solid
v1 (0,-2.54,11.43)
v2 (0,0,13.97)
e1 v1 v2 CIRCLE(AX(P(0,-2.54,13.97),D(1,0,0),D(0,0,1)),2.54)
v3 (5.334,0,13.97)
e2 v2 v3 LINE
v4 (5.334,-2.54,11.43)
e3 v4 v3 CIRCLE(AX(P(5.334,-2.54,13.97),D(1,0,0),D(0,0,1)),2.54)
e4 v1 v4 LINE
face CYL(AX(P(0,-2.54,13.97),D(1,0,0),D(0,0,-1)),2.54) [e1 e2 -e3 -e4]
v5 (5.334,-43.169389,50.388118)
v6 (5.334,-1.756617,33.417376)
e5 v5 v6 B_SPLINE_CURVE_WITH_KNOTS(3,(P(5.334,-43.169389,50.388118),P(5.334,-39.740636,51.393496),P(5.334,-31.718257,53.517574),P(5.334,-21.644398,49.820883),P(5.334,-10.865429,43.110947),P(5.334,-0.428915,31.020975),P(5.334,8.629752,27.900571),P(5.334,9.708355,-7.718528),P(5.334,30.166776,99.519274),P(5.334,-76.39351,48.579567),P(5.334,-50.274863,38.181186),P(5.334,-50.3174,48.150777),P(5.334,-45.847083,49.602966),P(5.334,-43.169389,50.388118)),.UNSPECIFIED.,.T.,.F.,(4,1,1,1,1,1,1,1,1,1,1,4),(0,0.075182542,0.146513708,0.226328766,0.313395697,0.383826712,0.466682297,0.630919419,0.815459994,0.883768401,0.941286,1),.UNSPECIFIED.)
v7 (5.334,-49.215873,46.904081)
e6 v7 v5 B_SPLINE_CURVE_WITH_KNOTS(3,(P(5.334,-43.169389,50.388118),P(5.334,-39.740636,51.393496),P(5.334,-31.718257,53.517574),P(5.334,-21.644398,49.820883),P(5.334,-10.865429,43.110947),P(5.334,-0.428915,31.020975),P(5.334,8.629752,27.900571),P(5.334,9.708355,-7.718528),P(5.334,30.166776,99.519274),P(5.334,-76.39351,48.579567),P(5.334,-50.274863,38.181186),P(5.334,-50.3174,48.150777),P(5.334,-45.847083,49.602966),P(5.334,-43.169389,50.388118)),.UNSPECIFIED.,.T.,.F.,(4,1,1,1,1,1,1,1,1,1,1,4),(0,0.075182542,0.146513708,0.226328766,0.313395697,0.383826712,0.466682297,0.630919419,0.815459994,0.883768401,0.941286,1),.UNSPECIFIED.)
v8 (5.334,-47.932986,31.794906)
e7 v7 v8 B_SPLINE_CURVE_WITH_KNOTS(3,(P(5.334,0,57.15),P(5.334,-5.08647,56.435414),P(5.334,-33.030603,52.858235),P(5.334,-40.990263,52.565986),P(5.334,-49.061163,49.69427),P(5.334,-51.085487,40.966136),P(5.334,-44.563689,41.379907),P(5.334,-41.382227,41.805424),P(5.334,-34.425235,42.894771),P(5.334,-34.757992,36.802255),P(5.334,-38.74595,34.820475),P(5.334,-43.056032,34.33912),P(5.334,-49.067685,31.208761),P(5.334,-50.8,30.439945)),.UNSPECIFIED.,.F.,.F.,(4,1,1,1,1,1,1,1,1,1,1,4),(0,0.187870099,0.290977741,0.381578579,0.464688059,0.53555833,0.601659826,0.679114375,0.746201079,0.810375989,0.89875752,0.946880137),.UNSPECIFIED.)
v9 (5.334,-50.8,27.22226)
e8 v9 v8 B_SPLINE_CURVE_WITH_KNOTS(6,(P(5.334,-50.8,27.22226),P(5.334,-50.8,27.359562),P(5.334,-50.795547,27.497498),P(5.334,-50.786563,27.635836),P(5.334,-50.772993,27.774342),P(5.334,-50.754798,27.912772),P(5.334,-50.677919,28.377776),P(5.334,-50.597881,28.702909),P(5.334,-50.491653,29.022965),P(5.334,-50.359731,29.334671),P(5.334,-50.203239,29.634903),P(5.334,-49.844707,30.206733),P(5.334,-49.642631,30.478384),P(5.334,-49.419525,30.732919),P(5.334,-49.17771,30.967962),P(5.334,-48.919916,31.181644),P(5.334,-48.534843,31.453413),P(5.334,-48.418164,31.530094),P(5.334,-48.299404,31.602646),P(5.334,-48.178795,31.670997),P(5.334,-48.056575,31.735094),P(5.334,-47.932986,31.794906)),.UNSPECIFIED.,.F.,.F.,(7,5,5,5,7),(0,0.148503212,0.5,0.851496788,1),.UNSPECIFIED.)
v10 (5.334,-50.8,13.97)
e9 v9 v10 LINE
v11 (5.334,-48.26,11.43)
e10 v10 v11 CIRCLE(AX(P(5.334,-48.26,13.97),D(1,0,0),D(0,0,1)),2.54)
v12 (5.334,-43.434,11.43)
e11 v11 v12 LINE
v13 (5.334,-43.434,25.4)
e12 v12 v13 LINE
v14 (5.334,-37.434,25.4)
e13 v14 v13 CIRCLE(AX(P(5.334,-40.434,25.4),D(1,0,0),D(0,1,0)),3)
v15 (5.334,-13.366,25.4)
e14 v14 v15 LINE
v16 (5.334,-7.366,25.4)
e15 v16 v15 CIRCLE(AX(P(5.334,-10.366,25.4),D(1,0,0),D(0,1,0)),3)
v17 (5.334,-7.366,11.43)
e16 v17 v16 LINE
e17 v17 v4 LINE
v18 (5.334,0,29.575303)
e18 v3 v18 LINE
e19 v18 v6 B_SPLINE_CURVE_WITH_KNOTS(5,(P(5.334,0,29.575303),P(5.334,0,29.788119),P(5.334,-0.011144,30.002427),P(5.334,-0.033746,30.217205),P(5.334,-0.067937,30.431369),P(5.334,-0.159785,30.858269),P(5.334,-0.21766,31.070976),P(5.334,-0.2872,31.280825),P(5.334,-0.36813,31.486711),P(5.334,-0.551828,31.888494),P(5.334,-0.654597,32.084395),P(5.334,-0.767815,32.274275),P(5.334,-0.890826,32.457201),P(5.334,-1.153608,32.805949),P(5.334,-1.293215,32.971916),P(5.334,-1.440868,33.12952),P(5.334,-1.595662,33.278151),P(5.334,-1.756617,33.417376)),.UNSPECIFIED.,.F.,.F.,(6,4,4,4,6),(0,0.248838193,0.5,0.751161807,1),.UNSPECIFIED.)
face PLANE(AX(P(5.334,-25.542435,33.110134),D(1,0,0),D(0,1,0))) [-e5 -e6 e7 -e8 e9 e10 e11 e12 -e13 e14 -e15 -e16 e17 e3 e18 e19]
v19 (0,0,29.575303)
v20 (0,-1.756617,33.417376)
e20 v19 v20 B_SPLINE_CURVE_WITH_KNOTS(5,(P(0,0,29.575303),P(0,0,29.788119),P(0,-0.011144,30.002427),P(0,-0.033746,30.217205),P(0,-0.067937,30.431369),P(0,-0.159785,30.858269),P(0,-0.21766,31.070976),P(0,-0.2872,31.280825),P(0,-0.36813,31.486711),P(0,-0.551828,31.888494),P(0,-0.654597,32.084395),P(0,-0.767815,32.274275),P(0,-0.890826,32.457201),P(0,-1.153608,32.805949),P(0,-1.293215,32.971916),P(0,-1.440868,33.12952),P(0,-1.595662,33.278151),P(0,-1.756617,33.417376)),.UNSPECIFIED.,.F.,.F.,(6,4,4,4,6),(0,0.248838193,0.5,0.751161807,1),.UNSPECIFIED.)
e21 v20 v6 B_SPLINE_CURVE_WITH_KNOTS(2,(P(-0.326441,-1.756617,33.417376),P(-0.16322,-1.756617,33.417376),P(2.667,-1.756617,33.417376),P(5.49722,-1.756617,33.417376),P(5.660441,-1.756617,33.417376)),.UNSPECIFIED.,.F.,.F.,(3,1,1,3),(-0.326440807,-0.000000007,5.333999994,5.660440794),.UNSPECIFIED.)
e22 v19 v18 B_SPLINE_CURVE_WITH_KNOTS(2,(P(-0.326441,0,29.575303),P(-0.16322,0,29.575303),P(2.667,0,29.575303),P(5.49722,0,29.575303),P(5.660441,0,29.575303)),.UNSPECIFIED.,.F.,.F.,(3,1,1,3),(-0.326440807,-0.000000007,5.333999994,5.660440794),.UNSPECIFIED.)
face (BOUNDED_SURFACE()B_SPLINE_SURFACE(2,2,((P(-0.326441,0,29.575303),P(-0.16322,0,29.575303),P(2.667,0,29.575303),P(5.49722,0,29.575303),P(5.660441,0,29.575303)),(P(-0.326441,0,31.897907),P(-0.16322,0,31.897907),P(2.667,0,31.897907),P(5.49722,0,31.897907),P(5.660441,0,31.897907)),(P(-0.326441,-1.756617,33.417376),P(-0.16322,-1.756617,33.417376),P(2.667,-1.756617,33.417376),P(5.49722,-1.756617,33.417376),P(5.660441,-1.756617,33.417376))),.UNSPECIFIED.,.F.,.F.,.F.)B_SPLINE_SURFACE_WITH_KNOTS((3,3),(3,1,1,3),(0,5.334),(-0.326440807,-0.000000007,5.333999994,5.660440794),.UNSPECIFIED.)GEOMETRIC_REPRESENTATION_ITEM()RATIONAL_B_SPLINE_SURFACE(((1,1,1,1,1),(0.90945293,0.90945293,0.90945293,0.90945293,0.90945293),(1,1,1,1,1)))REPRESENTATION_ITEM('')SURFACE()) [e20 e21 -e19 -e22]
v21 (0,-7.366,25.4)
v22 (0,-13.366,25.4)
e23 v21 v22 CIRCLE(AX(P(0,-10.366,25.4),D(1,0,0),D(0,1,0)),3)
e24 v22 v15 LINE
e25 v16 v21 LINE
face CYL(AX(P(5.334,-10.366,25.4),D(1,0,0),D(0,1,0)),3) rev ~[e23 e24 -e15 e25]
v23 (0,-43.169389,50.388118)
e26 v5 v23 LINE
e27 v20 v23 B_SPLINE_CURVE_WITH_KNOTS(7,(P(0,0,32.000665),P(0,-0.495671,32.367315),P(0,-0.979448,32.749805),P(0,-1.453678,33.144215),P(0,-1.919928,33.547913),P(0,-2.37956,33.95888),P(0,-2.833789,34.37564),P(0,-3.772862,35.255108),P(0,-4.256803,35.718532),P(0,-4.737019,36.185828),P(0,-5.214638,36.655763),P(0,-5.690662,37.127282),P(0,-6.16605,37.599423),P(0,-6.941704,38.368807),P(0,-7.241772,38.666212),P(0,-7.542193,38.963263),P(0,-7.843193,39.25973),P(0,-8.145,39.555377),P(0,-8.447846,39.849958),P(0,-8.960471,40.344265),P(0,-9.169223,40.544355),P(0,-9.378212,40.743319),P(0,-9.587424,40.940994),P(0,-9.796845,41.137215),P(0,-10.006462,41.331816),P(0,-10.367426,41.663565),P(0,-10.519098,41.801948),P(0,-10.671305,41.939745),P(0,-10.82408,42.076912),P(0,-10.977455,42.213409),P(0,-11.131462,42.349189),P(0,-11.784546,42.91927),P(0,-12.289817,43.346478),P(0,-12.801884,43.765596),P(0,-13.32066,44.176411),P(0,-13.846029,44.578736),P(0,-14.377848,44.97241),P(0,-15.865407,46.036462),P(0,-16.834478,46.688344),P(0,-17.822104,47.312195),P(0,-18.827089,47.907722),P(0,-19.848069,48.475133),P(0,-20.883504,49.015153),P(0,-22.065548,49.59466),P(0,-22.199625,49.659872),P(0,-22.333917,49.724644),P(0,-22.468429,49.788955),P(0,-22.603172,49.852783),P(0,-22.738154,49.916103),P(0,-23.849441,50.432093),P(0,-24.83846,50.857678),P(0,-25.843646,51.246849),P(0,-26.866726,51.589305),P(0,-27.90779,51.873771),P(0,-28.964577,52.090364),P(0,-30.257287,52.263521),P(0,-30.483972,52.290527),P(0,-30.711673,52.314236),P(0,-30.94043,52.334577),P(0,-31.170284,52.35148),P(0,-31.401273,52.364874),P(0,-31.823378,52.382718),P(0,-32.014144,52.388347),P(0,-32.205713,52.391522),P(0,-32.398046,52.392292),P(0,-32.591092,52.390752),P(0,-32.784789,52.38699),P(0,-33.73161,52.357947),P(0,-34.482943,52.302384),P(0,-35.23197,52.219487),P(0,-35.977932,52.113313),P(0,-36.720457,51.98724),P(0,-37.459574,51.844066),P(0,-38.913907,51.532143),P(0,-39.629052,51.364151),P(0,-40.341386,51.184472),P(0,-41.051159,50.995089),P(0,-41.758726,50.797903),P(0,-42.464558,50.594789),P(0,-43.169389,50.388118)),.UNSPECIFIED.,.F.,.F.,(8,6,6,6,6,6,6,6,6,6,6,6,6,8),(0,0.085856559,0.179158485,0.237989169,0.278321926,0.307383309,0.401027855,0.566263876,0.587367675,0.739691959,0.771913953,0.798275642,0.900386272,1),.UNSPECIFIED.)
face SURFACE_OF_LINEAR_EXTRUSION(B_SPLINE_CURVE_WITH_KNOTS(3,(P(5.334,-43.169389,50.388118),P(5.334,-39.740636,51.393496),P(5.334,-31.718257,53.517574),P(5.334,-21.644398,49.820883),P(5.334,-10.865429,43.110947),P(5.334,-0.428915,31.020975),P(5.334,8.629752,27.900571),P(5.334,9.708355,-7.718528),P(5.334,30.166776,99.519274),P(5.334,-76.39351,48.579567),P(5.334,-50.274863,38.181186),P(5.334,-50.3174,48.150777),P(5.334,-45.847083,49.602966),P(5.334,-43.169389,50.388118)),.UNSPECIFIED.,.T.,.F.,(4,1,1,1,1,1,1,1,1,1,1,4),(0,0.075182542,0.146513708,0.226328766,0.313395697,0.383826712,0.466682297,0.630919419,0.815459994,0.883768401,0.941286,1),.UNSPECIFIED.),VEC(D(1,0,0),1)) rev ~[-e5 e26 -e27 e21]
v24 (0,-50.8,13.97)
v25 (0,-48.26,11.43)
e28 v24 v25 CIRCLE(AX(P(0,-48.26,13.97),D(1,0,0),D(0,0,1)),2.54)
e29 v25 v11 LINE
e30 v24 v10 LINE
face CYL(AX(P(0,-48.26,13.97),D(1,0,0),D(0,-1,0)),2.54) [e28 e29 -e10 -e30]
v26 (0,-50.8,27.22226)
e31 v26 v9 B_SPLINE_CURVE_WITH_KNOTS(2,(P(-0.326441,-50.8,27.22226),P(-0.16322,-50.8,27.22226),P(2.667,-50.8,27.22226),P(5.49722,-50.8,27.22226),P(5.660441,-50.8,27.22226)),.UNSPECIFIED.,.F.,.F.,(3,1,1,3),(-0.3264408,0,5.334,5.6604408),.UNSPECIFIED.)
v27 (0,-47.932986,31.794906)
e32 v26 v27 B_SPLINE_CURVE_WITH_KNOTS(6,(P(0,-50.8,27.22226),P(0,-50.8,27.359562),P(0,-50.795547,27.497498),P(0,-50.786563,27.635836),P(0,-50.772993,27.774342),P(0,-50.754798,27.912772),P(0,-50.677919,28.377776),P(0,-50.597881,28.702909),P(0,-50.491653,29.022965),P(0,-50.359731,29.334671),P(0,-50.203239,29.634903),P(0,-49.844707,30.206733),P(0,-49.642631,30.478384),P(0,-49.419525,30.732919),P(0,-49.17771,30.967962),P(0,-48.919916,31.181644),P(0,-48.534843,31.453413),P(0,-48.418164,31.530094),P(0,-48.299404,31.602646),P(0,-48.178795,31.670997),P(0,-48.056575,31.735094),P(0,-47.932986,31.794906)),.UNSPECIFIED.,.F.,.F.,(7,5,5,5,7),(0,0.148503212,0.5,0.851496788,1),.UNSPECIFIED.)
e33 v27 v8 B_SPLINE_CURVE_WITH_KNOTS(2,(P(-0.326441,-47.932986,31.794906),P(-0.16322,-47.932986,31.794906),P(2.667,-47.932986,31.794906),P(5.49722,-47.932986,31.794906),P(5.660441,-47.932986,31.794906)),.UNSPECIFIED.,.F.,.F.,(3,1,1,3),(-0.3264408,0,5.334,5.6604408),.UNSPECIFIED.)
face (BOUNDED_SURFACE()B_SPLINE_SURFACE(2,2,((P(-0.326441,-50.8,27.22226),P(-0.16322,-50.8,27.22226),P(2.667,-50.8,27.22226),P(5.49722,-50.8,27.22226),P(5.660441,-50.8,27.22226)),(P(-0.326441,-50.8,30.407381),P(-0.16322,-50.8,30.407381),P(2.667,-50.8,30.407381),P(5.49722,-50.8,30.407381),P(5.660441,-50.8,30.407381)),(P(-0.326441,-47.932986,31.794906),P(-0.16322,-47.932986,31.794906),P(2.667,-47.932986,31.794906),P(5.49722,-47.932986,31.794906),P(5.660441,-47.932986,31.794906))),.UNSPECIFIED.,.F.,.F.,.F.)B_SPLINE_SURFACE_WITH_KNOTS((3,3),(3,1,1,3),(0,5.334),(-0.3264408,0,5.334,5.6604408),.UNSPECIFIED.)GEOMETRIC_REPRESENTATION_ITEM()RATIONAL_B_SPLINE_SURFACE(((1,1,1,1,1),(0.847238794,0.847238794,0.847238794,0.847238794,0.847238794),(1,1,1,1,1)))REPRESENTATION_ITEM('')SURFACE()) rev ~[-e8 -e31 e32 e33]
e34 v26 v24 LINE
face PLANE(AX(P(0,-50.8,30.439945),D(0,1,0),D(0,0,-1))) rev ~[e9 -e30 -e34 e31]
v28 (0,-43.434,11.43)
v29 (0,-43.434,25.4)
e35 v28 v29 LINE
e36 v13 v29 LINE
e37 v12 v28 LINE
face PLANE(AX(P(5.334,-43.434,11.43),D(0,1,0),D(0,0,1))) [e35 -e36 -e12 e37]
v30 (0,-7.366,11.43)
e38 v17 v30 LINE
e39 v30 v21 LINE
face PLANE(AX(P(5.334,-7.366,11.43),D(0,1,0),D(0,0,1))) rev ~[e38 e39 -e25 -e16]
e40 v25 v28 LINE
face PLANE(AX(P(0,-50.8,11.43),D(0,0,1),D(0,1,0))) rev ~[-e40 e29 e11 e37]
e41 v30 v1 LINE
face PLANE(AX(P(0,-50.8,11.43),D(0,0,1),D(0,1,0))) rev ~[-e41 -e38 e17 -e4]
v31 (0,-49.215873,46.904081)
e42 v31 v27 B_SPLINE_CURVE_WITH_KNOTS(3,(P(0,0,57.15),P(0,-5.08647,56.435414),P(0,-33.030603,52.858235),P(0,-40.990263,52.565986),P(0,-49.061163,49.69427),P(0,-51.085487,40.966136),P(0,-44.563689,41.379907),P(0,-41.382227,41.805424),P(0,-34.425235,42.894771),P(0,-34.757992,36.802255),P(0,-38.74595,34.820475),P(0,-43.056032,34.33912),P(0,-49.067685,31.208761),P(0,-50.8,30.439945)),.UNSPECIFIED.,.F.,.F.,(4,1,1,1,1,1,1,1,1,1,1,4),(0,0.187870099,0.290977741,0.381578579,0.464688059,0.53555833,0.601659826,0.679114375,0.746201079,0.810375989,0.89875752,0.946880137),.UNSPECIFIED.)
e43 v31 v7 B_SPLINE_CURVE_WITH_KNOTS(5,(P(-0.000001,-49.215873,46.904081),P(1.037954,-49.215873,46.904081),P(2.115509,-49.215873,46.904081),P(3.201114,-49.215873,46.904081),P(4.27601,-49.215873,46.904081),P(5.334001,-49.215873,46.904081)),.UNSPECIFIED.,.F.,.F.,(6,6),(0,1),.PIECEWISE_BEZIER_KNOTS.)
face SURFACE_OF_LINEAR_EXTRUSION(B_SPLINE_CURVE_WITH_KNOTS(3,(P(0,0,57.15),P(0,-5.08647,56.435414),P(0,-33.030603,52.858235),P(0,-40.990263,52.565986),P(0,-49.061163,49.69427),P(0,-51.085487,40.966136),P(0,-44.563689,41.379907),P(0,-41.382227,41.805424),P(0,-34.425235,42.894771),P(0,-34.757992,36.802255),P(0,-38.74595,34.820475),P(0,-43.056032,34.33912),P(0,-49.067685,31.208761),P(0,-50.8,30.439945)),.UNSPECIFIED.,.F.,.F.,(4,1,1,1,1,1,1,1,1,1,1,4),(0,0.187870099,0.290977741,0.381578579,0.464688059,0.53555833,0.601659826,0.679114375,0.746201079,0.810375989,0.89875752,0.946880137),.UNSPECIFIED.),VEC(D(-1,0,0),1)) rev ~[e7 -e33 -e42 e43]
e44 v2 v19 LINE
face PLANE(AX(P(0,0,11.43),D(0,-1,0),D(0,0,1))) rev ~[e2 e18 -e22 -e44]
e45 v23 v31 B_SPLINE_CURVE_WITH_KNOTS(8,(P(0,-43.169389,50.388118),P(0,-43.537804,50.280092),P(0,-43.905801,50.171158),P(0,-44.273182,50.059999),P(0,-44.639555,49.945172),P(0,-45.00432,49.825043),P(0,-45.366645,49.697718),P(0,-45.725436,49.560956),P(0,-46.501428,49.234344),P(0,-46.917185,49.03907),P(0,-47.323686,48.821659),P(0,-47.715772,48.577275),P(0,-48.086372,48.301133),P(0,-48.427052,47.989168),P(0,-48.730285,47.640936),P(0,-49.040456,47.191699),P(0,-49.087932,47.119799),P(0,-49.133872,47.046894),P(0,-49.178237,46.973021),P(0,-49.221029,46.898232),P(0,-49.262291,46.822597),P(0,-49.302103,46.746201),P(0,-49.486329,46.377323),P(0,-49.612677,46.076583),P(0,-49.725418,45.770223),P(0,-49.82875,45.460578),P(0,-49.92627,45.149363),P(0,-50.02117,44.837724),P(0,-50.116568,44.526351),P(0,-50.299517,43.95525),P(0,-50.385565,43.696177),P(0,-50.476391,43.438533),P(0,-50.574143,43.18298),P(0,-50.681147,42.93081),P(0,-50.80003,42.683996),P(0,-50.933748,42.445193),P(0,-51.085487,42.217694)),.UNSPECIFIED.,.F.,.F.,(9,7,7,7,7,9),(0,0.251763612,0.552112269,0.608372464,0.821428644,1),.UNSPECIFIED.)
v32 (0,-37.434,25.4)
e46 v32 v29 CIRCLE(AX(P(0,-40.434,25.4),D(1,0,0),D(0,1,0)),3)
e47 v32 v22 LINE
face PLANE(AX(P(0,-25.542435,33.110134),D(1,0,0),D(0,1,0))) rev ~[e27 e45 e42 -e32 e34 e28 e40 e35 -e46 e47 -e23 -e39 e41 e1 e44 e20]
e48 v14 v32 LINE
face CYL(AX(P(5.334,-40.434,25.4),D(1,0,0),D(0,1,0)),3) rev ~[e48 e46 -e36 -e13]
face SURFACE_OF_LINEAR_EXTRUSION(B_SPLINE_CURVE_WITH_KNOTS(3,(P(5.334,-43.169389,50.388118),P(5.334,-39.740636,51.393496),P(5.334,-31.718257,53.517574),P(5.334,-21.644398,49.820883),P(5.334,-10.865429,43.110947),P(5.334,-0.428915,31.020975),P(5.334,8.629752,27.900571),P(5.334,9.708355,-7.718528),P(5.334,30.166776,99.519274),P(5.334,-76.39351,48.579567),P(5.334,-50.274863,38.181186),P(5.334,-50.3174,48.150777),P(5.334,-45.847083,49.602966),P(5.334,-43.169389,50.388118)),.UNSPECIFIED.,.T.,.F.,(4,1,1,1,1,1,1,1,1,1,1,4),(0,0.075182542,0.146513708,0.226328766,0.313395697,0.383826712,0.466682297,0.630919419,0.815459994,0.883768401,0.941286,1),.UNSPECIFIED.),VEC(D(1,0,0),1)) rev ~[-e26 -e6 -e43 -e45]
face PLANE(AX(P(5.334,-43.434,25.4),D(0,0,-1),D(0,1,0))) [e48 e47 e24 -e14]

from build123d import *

# Parameters (mm, degrees)
F1_DEPTH = 5.334
F3_DEPTH = 5.3350001
F4_R     = 5.08
F5_R     = 2.54
F6_W     = 36.068
F6_H     = 13.97
F7_DEPTH = 17.78
F8_R     = 3
F9_DEPTH = 25.4


with BuildPart() as f1:
    # F0 (on Right) → F1 (new body)
    with BuildSketch(Plane.YZ):
        with BuildLine():
            Line((-50.8, 11.43), (0, 11.43))
            Line((0, 11.43), (0, 57.15))
            add(Edge.make_bspline(
                [(0, 57.15), (-5.0864698629, 56.4354143524), (-33.0306025683, 52.8582353512), (-40.9902625249, 52.5659859038), (-49.0611626862, 49.6942699568), (-51.0854872261, 40.966135658), (-44.5636889928, 41.3799068183), (-41.3822269171, 41.8054239397), (-34.4252354146, 42.8947705402), (-34.7579917432, 36.8022554531), (-38.7459499638, 34.8204749581), (-43.0560316299, 34.3391200928), (-49.0676849442, 31.2087605884), (-50.8, 30.4399446528)],
                knots=[0, 0, 0, 0, 0.1878700993, 0.2909777412, 0.3815785793, 0.4646880591, 0.5355583295, 0.601659826, 0.6791143746, 0.7462010786, 0.8103759885, 0.89875752, 0.9468801373, 0.9468801373, 0.9468801373, 0.9468801373], degree=3))
            Line((-50.8, 30.4399446528), (-50.8, 11.43))
        make_face()
    extrude(amount=F1_DEPTH)

    # F2 (on face) → F3 (cut, through all)
    with BuildSketch(Plane.YZ.offset(5.334)):
        with BuildLine():
            add(Edge.make_bspline(
                [(-43.1693890139, 50.388118398), (-39.7406359516, 51.3934960231), (-31.7182572435, 53.5175740522), (-21.6443977008, 49.82088335), (-10.8654291215, 43.1109471619), (-0.4289153334, 31.0209751225), (8.6297517382, 27.9005714688), (9.708355156, -7.7185275745), (30.1667757831, 99.5192737608), (-76.3935103956, 48.5795673993), (-50.2748634043, 38.1811857896), (-50.3174004116, 48.1507766506), (-45.8470825407, 49.6029661546), (-43.1693890139, 50.388118398)],
                knots=[0, 0, 0, 0, 0.0751825419, 0.1465137079, 0.2263287662, 0.3133956971, 0.3838267121, 0.4666822969, 0.630919419, 0.8154599942, 0.8837684012, 0.9412860005, 1, 1, 1, 1], degree=3))
        make_face()
    extrude(amount=-F3_DEPTH, mode=Mode.SUBTRACT)

    # F4
    f4_edges = [f1.edges().sort_by_distance(p)[0] for p in [
        (2.667, -50.8, 30.439945),
        (2.667, 0, 32.000665),
    ]]
    fillet(f4_edges, radius=F4_R)

    # F5
    f5_edges = [f1.edges().sort_by_distance(p)[0] for p in [
        (2.667, -50.8, 11.43),
        (2.667, 0, 11.43),
    ]]
    fillet(f5_edges, radius=F5_R)

    # F6 (on face) → F7 (cut)
    with BuildSketch(Plane.YZ.offset(5.334)):
        with Locations((-25.4, 18.415)):
            Rectangle(F6_W, F6_H)
    extrude(amount=-F7_DEPTH, mode=Mode.SUBTRACT)

    # F8 (on face) → F9 (cut)
    with BuildSketch(Plane.YZ.offset(5.334)):
        with Locations((-10.366, 25.4)):
            Circle(F8_R)
        with Locations((-40.434, 25.4)):
            Circle(F8_R)
    extrude(amount=-F9_DEPTH, mode=Mode.SUBTRACT)


solid = f1.part
